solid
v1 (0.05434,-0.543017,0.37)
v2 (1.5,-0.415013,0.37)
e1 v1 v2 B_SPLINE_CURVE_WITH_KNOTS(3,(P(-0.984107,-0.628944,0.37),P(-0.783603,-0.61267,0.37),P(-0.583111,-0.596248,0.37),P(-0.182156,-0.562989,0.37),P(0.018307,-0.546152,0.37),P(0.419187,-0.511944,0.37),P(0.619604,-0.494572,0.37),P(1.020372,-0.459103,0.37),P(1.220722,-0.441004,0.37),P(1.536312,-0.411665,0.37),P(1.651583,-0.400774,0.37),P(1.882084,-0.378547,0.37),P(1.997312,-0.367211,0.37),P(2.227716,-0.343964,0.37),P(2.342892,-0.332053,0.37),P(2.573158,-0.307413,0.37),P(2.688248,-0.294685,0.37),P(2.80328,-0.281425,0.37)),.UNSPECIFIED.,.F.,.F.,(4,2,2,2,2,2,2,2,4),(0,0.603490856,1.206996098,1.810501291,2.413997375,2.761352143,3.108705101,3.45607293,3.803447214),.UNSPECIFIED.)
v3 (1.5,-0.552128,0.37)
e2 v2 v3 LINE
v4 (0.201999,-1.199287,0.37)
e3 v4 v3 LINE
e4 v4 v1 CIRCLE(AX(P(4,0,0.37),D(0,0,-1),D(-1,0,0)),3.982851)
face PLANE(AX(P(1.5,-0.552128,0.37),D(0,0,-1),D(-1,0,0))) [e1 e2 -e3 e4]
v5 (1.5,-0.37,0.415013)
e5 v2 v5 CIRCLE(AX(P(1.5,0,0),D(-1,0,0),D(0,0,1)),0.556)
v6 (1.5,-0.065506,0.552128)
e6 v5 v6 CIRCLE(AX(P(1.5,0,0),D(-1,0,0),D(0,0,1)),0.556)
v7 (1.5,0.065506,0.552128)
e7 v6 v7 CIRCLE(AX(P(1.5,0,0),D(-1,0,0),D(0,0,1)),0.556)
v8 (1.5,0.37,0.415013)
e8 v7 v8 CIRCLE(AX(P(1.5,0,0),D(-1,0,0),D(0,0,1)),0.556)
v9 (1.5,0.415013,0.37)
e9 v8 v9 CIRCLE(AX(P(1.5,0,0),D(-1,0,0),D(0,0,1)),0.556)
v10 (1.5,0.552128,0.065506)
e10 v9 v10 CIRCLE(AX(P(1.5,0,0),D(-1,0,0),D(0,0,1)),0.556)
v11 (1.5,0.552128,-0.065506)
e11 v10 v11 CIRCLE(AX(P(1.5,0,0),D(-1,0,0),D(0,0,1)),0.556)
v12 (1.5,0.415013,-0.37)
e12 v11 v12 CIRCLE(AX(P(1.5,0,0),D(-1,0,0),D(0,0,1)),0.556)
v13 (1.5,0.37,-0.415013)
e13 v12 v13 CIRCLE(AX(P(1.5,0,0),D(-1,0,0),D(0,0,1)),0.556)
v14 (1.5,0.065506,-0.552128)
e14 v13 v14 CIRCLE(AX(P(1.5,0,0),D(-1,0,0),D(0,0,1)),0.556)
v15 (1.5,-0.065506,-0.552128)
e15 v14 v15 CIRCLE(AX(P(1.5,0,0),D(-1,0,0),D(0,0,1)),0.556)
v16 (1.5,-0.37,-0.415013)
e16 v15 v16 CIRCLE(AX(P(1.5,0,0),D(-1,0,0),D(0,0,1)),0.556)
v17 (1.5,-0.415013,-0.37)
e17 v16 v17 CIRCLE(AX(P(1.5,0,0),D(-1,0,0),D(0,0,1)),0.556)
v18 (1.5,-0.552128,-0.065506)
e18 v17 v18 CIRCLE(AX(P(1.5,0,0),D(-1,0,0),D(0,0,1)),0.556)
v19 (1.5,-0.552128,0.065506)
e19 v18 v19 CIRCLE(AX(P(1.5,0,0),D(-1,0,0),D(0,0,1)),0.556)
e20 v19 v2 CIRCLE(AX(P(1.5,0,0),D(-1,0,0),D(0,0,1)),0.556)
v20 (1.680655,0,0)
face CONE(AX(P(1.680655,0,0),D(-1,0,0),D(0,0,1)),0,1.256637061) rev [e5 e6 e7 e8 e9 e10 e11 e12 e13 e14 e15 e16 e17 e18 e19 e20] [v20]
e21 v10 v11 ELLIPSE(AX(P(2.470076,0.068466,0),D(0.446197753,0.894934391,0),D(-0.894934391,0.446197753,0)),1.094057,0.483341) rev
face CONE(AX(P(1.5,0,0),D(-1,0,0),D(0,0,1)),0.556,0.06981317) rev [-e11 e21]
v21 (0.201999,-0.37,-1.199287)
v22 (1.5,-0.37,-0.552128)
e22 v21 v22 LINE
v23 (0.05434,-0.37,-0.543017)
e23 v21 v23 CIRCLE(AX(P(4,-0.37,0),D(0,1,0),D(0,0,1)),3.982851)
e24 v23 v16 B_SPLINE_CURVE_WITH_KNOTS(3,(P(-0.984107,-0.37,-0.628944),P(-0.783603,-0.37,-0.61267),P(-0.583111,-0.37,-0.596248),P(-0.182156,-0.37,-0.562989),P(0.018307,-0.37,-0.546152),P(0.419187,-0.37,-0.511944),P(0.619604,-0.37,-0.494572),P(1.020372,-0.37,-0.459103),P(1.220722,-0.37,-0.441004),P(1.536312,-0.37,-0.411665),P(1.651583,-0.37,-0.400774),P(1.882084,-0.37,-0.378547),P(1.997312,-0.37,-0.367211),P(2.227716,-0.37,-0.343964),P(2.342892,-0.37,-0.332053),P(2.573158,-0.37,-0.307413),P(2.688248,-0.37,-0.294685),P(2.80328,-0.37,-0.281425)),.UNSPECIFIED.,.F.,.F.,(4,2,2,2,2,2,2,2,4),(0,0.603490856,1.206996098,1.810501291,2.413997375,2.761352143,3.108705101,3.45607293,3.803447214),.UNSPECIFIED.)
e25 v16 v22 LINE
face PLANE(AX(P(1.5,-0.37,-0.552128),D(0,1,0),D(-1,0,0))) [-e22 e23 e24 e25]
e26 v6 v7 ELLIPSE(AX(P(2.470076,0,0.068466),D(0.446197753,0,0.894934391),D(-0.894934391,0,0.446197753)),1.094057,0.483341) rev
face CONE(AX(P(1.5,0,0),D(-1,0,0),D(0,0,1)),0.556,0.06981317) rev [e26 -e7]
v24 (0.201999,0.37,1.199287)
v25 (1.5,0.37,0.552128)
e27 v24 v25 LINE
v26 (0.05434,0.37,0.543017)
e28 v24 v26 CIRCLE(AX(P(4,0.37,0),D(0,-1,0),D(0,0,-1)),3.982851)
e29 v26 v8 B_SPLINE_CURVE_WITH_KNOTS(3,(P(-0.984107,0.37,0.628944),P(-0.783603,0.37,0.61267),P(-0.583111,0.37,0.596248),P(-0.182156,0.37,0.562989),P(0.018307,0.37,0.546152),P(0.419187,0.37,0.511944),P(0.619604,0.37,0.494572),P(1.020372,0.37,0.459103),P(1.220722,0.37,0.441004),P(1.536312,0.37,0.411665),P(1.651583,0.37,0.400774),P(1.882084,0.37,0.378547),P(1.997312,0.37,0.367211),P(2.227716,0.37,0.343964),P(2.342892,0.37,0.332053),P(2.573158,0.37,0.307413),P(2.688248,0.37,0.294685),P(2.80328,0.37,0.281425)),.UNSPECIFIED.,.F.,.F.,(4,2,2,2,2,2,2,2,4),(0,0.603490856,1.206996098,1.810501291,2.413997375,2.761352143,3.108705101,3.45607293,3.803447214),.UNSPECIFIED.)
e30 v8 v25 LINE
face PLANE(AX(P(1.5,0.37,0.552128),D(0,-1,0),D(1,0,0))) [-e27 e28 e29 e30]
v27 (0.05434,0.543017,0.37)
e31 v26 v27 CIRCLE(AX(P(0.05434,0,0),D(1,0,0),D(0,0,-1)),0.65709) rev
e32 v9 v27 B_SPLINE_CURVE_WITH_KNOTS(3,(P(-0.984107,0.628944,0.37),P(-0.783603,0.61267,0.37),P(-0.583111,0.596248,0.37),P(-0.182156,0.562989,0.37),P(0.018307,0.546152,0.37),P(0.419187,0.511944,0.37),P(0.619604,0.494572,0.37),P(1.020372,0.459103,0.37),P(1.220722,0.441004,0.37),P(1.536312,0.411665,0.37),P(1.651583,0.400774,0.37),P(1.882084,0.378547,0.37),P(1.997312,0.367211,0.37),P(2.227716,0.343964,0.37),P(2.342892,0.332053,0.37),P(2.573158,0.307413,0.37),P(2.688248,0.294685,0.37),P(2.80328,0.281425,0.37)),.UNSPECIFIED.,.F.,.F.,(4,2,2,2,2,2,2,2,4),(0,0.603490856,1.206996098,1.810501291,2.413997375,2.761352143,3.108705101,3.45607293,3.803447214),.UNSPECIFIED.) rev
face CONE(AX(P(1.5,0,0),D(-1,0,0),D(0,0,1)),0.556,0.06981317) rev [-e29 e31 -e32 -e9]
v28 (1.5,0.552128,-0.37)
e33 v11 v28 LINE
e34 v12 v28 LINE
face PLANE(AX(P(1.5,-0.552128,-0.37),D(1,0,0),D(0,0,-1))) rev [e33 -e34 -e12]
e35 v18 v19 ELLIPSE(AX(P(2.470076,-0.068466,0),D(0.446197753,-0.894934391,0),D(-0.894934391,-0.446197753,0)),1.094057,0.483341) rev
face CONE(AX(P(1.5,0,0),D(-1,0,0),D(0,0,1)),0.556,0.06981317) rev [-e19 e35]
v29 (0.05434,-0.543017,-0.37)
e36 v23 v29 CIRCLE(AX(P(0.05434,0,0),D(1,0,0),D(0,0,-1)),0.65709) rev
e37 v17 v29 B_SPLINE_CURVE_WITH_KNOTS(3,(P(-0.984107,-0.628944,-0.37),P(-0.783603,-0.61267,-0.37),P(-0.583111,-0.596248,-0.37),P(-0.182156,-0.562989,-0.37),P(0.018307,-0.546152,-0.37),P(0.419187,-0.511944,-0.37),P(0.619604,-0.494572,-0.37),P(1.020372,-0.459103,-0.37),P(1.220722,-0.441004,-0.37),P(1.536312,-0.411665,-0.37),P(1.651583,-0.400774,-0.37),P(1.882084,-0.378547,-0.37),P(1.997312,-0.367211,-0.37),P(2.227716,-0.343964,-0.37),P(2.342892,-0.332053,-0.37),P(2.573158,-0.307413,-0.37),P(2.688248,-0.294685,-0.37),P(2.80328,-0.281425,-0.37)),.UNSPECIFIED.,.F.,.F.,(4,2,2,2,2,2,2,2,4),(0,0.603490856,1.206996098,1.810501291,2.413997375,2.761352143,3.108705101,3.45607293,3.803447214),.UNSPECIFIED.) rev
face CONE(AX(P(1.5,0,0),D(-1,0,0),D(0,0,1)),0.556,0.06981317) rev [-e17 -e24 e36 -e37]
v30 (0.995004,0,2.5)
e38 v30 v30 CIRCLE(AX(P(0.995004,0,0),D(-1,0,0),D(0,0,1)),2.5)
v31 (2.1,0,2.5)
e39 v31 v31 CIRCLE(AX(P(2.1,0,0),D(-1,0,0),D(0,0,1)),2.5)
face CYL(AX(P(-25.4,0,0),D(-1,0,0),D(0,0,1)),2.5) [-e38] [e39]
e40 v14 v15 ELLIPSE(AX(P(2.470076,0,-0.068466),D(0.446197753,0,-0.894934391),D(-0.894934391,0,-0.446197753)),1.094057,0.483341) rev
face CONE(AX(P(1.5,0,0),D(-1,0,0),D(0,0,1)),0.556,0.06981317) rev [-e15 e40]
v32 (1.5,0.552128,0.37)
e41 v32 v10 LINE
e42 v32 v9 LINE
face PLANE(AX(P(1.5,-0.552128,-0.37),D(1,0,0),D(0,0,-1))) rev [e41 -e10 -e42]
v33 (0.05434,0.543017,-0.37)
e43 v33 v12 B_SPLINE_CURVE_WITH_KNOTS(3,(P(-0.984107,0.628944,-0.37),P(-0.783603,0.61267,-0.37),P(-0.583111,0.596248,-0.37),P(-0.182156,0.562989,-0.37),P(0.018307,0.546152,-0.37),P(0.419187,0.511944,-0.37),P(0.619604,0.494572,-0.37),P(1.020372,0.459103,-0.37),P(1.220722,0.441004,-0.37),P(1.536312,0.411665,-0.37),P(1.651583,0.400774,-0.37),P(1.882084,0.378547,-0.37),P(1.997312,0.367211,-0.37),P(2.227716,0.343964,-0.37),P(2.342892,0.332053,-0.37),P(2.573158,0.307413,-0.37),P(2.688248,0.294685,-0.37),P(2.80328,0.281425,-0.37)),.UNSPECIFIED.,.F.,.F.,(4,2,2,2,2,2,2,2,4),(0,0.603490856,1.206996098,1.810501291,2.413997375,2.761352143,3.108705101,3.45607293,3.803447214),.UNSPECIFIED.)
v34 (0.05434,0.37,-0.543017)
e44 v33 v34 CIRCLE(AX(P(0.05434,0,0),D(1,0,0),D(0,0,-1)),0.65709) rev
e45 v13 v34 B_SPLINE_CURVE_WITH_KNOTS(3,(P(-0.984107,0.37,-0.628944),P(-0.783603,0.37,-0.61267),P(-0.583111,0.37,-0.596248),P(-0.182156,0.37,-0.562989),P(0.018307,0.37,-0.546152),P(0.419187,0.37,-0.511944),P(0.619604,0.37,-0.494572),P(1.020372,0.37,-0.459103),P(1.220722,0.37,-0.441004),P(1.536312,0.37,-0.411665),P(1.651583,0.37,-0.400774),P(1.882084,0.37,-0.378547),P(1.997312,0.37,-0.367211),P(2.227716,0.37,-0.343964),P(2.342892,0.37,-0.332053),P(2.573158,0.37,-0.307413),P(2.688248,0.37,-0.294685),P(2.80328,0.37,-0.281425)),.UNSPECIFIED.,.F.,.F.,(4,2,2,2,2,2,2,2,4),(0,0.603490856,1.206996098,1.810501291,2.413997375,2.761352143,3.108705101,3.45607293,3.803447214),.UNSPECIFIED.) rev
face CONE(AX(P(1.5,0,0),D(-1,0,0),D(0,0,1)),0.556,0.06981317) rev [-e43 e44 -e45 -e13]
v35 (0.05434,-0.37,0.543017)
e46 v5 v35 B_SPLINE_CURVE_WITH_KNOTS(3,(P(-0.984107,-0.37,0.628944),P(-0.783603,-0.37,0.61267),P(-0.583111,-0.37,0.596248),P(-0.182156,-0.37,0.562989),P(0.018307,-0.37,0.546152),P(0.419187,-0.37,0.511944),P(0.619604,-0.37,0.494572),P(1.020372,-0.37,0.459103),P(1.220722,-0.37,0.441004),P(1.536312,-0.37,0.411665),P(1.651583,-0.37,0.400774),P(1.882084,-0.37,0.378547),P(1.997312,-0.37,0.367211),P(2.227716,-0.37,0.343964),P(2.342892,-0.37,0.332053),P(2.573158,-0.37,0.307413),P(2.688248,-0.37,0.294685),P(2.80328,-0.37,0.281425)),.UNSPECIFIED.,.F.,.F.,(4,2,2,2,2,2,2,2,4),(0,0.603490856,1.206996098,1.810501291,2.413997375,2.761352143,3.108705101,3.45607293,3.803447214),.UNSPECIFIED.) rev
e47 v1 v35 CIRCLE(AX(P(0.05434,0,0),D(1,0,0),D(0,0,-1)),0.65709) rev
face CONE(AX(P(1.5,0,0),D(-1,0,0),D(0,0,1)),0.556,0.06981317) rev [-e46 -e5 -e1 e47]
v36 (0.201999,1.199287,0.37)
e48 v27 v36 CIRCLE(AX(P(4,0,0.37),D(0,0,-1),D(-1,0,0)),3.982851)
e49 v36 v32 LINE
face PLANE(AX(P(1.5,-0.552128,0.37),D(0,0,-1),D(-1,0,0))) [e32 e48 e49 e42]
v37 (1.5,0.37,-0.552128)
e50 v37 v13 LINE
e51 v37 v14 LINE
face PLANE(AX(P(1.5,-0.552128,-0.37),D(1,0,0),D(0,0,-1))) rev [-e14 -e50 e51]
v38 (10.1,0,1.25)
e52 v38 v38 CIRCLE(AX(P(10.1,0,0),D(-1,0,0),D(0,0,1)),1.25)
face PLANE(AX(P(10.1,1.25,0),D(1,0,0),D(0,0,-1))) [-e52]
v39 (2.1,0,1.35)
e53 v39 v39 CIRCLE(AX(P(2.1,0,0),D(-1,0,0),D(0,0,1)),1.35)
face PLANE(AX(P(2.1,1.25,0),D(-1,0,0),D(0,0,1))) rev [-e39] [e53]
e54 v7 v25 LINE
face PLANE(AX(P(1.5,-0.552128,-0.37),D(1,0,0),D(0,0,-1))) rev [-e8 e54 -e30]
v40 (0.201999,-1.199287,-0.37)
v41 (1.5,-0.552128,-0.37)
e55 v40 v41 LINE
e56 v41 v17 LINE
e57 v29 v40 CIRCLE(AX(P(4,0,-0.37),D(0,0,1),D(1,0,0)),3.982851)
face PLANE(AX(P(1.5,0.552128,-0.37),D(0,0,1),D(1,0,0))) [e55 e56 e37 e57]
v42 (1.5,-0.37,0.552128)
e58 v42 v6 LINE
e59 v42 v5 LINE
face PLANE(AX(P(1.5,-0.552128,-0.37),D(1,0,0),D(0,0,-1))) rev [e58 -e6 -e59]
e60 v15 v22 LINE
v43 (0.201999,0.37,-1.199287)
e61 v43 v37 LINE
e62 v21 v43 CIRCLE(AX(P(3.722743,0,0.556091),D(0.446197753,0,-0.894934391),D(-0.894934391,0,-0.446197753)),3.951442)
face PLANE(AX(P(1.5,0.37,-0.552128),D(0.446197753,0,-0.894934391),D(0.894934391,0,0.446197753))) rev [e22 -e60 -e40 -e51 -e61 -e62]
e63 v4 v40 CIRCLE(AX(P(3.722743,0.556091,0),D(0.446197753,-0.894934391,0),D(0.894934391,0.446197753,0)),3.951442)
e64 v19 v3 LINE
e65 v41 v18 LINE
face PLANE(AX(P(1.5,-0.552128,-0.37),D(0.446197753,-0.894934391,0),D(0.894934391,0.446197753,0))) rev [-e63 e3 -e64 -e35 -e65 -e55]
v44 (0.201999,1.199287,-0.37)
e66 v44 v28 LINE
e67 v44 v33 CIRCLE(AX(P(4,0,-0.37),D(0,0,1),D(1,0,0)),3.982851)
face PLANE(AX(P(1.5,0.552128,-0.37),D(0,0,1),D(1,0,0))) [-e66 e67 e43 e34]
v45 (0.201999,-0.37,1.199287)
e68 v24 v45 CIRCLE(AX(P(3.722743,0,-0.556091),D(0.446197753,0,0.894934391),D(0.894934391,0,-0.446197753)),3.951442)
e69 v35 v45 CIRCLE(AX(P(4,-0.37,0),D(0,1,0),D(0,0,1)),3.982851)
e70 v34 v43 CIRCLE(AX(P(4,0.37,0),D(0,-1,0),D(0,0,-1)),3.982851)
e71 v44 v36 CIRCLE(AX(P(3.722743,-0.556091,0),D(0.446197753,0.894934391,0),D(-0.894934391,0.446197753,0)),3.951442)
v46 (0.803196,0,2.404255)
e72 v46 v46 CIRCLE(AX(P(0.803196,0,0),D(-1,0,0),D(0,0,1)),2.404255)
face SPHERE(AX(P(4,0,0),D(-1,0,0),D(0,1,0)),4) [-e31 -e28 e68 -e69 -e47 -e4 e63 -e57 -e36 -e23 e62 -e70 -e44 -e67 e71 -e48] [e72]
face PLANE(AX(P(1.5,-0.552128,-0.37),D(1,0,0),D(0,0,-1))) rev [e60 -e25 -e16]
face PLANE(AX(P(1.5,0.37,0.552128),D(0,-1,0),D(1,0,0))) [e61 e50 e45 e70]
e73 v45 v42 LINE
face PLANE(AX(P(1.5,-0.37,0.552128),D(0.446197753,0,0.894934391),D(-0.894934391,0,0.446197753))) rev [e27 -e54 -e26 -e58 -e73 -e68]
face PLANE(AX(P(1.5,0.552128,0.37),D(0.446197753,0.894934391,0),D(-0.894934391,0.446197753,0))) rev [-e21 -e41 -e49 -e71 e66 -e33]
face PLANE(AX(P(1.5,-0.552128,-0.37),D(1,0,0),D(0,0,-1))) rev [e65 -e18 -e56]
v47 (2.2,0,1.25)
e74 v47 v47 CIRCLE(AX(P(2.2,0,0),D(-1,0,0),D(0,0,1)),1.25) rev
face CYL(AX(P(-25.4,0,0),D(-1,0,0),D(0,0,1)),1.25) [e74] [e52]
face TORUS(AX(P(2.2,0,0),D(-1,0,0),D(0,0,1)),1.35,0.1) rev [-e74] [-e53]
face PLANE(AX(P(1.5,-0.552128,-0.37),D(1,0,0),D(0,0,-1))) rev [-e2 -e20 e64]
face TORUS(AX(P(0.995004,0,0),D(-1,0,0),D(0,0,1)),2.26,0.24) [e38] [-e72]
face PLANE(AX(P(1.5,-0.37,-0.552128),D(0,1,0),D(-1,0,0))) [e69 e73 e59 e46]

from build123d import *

# Parameters (mm, degrees)
FILLET1_R    = 0.1
SKETCH3_W    = 0.74
SKETCH3_H    = 2.6
SKETCH4_W    = 0.74
SKETCH4_H    = 1.104255426
RECPAT_COUNT = 2
RECPAT_ANGLE = 90


with BuildPart() as part:
    # BodySke → Base-Revolve (revolve)
    with BuildSketch(Plane.XY):
        with BuildLine():
            Line((2.1, 1.25), (2.1, 2.5))
            Line((2.1, 2.5), (0.99500416, 2.5))
            ThreePointArc((0.99500416, 2.5), (0.88781572, 2.474733878), (0.803195915, 2.404255319))
            ThreePointArc((0.803195915, 2.404255319), (0.206109099, 1.267435138), (0, 0))
            Line((0, 0), (10.1, 0))
            Line((10.1, 0), (10.1, 1.25))
            Line((10.1, 1.25), (2.1, 1.25))
        make_face()
    revolve(axis=Axis((-25.4, 0, 0), (1, 0, 0)))

    # Fillet1
    fillet1_edges = [part.edges().sort_by_distance(p)[0] for p in [
        (2.1, -1.25, 0),
    ]]
    fillet(fillet1_edges, radius=FILLET1_R)

    # Sketch3 → Recess section 0
    with BuildSketch(Plane(origin=(0, 0, 0), x_dir=(0, 0, -1), z_dir=(1, 0, 0))):
        Rectangle(SKETCH3_W, SKETCH3_H)
    # Sketch4 → Recess section 1
    with BuildSketch(Plane(origin=(1.5, 0, 0), x_dir=(0, 0, -1), z_dir=(1, 0, 0))):
        Rectangle(SKETCH4_W, SKETCH4_H)
    recess = loft(mode=Mode.SUBTRACT)

    # RecPat: Recess ×2 about axis
    recpat_axis = Axis((0, 0, 0), (1, 0, 0))
    for i in range(1, RECPAT_COUNT):
        add(recess.rotate(recpat_axis, i * RECPAT_ANGLE / (RECPAT_COUNT - 1)), mode=Mode.SUBTRACT)

    # RecCorSke → RecessCore (revolve, cut)
    with BuildSketch(Plane.XY):
        Polygon((0, 0), (0, 0.660890218), (1.5, 0.556), (1.680655351, 0), align=None)
    revolve(axis=Axis((-3.175, 0, 0), (1, 0, 0)), mode=Mode.SUBTRACT)


solid = part.part
